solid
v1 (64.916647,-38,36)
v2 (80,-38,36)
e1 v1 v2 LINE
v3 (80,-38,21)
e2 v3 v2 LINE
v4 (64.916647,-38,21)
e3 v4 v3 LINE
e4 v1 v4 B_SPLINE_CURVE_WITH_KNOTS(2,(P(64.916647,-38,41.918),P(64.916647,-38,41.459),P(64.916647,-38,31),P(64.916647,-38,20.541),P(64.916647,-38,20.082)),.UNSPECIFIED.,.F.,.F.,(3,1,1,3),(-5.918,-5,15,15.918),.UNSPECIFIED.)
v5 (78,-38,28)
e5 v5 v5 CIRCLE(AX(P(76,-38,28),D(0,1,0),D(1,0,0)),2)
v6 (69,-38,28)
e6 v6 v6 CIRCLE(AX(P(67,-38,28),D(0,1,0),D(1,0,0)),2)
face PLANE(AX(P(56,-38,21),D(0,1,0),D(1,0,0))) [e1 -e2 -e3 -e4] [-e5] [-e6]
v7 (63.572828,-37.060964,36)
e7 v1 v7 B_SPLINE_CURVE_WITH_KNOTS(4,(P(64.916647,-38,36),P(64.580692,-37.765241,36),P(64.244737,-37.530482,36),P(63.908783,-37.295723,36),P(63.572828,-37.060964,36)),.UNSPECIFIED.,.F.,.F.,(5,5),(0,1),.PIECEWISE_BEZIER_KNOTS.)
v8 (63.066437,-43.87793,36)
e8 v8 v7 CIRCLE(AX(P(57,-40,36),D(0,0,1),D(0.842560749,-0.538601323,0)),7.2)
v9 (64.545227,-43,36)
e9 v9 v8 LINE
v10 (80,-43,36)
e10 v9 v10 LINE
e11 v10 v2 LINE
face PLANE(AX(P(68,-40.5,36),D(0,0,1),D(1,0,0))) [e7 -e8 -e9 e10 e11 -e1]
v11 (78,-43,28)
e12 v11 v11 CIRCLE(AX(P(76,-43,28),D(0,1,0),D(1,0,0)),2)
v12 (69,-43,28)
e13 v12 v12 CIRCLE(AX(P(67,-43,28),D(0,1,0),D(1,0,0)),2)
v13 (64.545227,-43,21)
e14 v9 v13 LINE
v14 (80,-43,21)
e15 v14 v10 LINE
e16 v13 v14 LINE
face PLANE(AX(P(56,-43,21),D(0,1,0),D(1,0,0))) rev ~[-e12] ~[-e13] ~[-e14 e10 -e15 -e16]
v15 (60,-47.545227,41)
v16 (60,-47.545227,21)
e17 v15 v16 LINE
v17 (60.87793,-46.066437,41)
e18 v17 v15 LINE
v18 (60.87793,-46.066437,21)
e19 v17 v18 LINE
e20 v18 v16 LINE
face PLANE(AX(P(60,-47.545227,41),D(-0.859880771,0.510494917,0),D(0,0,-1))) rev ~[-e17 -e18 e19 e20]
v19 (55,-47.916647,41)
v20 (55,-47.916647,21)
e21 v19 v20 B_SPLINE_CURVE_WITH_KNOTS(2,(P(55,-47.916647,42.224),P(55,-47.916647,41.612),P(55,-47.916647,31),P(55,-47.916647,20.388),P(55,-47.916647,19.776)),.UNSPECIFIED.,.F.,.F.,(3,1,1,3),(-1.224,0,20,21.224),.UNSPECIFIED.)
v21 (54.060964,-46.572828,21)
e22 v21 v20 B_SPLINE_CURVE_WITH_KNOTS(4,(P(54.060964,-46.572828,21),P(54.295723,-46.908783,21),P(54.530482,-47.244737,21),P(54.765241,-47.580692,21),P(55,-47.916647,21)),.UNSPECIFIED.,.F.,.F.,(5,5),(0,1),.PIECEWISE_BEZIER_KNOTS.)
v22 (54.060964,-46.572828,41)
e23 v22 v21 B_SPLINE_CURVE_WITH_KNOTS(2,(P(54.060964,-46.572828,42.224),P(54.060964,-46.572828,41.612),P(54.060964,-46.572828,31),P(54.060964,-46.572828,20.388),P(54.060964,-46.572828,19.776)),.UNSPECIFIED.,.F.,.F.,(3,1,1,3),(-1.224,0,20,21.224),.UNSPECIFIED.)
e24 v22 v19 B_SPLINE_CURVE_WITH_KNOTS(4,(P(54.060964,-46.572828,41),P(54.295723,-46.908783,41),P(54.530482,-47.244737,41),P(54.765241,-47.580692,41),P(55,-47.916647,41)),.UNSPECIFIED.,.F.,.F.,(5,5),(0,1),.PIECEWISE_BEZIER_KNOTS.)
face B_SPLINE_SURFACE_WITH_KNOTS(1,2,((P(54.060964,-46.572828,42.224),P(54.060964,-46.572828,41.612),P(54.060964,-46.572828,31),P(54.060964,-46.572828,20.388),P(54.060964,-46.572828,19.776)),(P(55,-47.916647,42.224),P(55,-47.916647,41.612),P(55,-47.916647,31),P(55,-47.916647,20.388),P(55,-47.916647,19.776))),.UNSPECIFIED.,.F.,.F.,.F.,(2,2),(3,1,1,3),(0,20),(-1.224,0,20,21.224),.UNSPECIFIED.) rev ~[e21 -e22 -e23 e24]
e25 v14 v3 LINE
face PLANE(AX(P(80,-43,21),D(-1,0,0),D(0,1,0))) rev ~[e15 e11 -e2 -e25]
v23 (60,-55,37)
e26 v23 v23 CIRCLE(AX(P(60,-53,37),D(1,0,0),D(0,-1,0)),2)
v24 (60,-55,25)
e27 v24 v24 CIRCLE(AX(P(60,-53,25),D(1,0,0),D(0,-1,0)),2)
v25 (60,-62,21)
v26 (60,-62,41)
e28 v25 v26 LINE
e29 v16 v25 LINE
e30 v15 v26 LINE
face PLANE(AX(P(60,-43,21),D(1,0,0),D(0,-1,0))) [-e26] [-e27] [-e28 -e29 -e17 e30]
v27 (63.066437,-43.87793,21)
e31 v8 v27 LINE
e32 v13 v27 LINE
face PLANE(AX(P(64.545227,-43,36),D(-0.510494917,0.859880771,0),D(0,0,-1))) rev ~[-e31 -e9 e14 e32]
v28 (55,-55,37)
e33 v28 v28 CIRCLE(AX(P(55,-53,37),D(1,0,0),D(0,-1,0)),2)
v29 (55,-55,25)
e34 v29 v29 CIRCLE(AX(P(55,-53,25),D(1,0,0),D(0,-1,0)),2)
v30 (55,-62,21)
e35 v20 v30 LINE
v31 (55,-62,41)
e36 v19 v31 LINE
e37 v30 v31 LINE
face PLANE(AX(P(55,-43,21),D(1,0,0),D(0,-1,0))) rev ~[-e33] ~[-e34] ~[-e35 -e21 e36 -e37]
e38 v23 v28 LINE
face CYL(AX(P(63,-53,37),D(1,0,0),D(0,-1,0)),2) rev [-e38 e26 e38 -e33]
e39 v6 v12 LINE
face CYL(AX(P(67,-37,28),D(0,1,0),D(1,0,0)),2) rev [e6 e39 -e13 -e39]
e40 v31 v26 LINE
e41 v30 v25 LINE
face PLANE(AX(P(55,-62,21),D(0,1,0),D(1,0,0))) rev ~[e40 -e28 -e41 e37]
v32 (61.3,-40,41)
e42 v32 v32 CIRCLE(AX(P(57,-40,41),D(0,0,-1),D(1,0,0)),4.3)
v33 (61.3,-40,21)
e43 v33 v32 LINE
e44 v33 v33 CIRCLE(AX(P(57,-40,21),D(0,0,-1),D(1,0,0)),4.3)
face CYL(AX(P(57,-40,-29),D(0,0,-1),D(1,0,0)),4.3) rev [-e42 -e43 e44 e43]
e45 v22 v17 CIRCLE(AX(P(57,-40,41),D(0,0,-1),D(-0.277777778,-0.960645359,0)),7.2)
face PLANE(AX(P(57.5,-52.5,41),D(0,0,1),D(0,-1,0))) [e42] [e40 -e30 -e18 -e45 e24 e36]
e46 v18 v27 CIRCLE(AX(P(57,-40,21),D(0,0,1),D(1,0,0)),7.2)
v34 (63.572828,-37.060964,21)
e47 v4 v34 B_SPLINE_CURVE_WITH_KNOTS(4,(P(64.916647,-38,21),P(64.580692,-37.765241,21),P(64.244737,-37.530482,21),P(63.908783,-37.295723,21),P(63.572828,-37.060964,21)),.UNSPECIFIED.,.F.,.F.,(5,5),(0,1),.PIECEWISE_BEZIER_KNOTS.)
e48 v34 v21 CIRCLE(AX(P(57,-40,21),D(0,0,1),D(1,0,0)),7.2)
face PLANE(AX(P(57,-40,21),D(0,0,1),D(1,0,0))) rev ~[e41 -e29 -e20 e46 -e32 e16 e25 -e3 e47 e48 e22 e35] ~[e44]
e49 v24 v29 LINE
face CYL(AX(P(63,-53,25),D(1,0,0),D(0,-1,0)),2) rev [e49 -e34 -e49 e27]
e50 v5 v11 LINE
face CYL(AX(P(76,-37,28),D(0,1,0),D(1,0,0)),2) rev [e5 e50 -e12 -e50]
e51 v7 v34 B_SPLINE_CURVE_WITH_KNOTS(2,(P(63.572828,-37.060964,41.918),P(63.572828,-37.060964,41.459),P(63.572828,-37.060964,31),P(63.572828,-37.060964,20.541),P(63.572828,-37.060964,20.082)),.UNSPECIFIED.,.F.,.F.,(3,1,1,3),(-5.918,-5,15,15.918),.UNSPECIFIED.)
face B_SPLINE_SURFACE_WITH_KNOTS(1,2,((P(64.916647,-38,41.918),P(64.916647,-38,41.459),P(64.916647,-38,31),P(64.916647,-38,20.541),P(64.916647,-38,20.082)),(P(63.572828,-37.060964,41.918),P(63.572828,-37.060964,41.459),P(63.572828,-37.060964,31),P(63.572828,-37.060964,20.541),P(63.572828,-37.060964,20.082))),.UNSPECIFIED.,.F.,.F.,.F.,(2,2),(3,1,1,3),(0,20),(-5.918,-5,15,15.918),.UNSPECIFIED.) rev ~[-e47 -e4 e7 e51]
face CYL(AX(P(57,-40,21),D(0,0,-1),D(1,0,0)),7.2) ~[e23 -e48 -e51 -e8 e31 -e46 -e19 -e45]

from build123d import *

# Parameters (mm, degrees)
CYLINDER036_R          = 4.3
CYLINDER036_DEPTH      = 200
CYLINDER043_R          = 2
CYLINDER043_DEPTH      = 10
CYLINDER043_ROLL_ANGLE = 90
CYLINDER042_R          = 2
CYLINDER042_DEPTH      = 10
CYLINDER042_ROLL_ANGLE = 90
BOX010_W               = 24
BOX010_H               = 5
BOX010_DEPTH           = 15
CYLINDER044_R          = 2
CYLINDER044_DEPTH      = 10
CYLINDER045_R          = 2
CYLINDER045_DEPTH      = 10
BOX011_W               = 19
BOX011_H               = 5
BOX011_DEPTH           = 20
BOX011_PLACEMENT_ANGLE = -90
CYLINDER041_R          = 7.2
CYLINDER041_DEPTH      = 20
CHAMFER006_SIZE        = 1


with BuildPart() as cilindro033:
    # Cylinder036 → Cylinder036 (new body)
    with BuildSketch(Plane(origin=(57, -40, -29), x_dir=(1, 0, 0), z_dir=(0, 0, 1))):
        Circle(CYLINDER036_R)
    extrude(amount=CYLINDER036_DEPTH)


with BuildPart() as cilindro040:
    # Cylinder043 → Cylinder043 (new body)
    with BuildSketch(Plane.XY):
        Circle(CYLINDER043_R)
    extrude(amount=CYLINDER043_DEPTH)


with BuildPart() as cilindro040_1:
    # Cylinder043 roll: moved
    add(cilindro040.part.rotate(Axis((0, 0, 0), (1, 0, 0)), CYLINDER043_ROLL_ANGLE))


with BuildPart() as cilindro040_2:
    # Cylinder043 placement: moved
    add(cilindro040_1.part.moved(Location((76, -37, 30))))


with BuildPart() as fusion007:
    # Cylinder042 → Cylinder042 (new body)
    with BuildSketch(Plane.XY):
        Circle(CYLINDER042_R)
    extrude(amount=CYLINDER042_DEPTH)


with BuildPart() as fusion007_1:
    # Cylinder042 roll: moved
    add(fusion007.part.rotate(Axis((0, 0, 0), (1, 0, 0)), CYLINDER042_ROLL_ANGLE))


with BuildPart() as fusion007_2:
    # Cylinder042 placement: moved
    add(fusion007_1.part.moved(Location((67, -37, 30))))

    # Fusion007: union Cilindro040
    add(cilindro040_2.part)


with BuildPart() as cut032:
    # Box010 → Box010 (new body)
    with BuildSketch(Plane(origin=(56, -43, 23), x_dir=(1, 0, 0), z_dir=(0, 0, 1))):
        with Locations((12, 2.5)):
            Rectangle(BOX010_W, BOX010_H)
    extrude(amount=BOX010_DEPTH)

    # Cut032: cut Fusion007
    add(fusion007_2.part, mode=Mode.SUBTRACT)


with BuildPart() as cut032_1:
    # Cut032 placement: moved
    add(cut032.part.moved(Location((0, 0, -2))))


with BuildPart() as cilindro041:
    # Cylinder044 → Cylinder044 (new body)
    with BuildSketch(Plane(origin=(63, -53, 25), x_dir=(0, -1, 0), z_dir=(-1, 0, 0))):
        Circle(CYLINDER044_R)
    extrude(amount=CYLINDER044_DEPTH)


with BuildPart() as fusion008:
    # Cylinder045 → Cylinder045 (new body)
    with BuildSketch(Plane(origin=(63, -53, 37), x_dir=(0, -1, 0), z_dir=(-1, 0, 0))):
        Circle(CYLINDER045_R)
    extrude(amount=CYLINDER045_DEPTH)

    # Fusion008: union Cilindro041
    add(cilindro041.part)


with BuildPart() as cut033:
    # Box011 → Box011 (new body)
    with BuildSketch(Plane.XY):
        with Locations((9.5, 2.5)):
            Rectangle(BOX011_W, BOX011_H)
    extrude(amount=BOX011_DEPTH)


with BuildPart() as cut033_1:
    # Box011 placement: moved
    add(cut033.part.moved(Location((55, -43, 21))).rotate(Axis((55, -43, 21), (0, 0, 1)), BOX011_PLACEMENT_ANGLE))

    # Cut033: cut Fusion008
    add(fusion008.part, mode=Mode.SUBTRACT)


with BuildPart() as rodamiento_lineal:
    # Cylinder041 → Cylinder041 (new body)
    with BuildSketch(Plane(origin=(57, -40, 21), x_dir=(1, 0, 0), z_dir=(0, 0, 1))):
        Circle(CYLINDER041_R)
    extrude(amount=CYLINDER041_DEPTH)

    # Fusion009: union Cut032, Cut033
    add(cut032_1.part)
    add(cut033_1.part)

    # Chamfer006
    chamfer006_edges = [rodamiento_lineal.edges().sort_by_distance(p)[0] for p in [
        (63.916647, -38, 28.5),
        (63.545227, -43, 28.5),
        (55, -46.916647, 31),
        (60, -46.545227, 31),
    ]]
    chamfer(chamfer006_edges, length=CHAMFER006_SIZE)

    # Cut034: cut Cilindro033
    add(cilindro033.part, mode=Mode.SUBTRACT)


solid = rodamiento_lineal.part
